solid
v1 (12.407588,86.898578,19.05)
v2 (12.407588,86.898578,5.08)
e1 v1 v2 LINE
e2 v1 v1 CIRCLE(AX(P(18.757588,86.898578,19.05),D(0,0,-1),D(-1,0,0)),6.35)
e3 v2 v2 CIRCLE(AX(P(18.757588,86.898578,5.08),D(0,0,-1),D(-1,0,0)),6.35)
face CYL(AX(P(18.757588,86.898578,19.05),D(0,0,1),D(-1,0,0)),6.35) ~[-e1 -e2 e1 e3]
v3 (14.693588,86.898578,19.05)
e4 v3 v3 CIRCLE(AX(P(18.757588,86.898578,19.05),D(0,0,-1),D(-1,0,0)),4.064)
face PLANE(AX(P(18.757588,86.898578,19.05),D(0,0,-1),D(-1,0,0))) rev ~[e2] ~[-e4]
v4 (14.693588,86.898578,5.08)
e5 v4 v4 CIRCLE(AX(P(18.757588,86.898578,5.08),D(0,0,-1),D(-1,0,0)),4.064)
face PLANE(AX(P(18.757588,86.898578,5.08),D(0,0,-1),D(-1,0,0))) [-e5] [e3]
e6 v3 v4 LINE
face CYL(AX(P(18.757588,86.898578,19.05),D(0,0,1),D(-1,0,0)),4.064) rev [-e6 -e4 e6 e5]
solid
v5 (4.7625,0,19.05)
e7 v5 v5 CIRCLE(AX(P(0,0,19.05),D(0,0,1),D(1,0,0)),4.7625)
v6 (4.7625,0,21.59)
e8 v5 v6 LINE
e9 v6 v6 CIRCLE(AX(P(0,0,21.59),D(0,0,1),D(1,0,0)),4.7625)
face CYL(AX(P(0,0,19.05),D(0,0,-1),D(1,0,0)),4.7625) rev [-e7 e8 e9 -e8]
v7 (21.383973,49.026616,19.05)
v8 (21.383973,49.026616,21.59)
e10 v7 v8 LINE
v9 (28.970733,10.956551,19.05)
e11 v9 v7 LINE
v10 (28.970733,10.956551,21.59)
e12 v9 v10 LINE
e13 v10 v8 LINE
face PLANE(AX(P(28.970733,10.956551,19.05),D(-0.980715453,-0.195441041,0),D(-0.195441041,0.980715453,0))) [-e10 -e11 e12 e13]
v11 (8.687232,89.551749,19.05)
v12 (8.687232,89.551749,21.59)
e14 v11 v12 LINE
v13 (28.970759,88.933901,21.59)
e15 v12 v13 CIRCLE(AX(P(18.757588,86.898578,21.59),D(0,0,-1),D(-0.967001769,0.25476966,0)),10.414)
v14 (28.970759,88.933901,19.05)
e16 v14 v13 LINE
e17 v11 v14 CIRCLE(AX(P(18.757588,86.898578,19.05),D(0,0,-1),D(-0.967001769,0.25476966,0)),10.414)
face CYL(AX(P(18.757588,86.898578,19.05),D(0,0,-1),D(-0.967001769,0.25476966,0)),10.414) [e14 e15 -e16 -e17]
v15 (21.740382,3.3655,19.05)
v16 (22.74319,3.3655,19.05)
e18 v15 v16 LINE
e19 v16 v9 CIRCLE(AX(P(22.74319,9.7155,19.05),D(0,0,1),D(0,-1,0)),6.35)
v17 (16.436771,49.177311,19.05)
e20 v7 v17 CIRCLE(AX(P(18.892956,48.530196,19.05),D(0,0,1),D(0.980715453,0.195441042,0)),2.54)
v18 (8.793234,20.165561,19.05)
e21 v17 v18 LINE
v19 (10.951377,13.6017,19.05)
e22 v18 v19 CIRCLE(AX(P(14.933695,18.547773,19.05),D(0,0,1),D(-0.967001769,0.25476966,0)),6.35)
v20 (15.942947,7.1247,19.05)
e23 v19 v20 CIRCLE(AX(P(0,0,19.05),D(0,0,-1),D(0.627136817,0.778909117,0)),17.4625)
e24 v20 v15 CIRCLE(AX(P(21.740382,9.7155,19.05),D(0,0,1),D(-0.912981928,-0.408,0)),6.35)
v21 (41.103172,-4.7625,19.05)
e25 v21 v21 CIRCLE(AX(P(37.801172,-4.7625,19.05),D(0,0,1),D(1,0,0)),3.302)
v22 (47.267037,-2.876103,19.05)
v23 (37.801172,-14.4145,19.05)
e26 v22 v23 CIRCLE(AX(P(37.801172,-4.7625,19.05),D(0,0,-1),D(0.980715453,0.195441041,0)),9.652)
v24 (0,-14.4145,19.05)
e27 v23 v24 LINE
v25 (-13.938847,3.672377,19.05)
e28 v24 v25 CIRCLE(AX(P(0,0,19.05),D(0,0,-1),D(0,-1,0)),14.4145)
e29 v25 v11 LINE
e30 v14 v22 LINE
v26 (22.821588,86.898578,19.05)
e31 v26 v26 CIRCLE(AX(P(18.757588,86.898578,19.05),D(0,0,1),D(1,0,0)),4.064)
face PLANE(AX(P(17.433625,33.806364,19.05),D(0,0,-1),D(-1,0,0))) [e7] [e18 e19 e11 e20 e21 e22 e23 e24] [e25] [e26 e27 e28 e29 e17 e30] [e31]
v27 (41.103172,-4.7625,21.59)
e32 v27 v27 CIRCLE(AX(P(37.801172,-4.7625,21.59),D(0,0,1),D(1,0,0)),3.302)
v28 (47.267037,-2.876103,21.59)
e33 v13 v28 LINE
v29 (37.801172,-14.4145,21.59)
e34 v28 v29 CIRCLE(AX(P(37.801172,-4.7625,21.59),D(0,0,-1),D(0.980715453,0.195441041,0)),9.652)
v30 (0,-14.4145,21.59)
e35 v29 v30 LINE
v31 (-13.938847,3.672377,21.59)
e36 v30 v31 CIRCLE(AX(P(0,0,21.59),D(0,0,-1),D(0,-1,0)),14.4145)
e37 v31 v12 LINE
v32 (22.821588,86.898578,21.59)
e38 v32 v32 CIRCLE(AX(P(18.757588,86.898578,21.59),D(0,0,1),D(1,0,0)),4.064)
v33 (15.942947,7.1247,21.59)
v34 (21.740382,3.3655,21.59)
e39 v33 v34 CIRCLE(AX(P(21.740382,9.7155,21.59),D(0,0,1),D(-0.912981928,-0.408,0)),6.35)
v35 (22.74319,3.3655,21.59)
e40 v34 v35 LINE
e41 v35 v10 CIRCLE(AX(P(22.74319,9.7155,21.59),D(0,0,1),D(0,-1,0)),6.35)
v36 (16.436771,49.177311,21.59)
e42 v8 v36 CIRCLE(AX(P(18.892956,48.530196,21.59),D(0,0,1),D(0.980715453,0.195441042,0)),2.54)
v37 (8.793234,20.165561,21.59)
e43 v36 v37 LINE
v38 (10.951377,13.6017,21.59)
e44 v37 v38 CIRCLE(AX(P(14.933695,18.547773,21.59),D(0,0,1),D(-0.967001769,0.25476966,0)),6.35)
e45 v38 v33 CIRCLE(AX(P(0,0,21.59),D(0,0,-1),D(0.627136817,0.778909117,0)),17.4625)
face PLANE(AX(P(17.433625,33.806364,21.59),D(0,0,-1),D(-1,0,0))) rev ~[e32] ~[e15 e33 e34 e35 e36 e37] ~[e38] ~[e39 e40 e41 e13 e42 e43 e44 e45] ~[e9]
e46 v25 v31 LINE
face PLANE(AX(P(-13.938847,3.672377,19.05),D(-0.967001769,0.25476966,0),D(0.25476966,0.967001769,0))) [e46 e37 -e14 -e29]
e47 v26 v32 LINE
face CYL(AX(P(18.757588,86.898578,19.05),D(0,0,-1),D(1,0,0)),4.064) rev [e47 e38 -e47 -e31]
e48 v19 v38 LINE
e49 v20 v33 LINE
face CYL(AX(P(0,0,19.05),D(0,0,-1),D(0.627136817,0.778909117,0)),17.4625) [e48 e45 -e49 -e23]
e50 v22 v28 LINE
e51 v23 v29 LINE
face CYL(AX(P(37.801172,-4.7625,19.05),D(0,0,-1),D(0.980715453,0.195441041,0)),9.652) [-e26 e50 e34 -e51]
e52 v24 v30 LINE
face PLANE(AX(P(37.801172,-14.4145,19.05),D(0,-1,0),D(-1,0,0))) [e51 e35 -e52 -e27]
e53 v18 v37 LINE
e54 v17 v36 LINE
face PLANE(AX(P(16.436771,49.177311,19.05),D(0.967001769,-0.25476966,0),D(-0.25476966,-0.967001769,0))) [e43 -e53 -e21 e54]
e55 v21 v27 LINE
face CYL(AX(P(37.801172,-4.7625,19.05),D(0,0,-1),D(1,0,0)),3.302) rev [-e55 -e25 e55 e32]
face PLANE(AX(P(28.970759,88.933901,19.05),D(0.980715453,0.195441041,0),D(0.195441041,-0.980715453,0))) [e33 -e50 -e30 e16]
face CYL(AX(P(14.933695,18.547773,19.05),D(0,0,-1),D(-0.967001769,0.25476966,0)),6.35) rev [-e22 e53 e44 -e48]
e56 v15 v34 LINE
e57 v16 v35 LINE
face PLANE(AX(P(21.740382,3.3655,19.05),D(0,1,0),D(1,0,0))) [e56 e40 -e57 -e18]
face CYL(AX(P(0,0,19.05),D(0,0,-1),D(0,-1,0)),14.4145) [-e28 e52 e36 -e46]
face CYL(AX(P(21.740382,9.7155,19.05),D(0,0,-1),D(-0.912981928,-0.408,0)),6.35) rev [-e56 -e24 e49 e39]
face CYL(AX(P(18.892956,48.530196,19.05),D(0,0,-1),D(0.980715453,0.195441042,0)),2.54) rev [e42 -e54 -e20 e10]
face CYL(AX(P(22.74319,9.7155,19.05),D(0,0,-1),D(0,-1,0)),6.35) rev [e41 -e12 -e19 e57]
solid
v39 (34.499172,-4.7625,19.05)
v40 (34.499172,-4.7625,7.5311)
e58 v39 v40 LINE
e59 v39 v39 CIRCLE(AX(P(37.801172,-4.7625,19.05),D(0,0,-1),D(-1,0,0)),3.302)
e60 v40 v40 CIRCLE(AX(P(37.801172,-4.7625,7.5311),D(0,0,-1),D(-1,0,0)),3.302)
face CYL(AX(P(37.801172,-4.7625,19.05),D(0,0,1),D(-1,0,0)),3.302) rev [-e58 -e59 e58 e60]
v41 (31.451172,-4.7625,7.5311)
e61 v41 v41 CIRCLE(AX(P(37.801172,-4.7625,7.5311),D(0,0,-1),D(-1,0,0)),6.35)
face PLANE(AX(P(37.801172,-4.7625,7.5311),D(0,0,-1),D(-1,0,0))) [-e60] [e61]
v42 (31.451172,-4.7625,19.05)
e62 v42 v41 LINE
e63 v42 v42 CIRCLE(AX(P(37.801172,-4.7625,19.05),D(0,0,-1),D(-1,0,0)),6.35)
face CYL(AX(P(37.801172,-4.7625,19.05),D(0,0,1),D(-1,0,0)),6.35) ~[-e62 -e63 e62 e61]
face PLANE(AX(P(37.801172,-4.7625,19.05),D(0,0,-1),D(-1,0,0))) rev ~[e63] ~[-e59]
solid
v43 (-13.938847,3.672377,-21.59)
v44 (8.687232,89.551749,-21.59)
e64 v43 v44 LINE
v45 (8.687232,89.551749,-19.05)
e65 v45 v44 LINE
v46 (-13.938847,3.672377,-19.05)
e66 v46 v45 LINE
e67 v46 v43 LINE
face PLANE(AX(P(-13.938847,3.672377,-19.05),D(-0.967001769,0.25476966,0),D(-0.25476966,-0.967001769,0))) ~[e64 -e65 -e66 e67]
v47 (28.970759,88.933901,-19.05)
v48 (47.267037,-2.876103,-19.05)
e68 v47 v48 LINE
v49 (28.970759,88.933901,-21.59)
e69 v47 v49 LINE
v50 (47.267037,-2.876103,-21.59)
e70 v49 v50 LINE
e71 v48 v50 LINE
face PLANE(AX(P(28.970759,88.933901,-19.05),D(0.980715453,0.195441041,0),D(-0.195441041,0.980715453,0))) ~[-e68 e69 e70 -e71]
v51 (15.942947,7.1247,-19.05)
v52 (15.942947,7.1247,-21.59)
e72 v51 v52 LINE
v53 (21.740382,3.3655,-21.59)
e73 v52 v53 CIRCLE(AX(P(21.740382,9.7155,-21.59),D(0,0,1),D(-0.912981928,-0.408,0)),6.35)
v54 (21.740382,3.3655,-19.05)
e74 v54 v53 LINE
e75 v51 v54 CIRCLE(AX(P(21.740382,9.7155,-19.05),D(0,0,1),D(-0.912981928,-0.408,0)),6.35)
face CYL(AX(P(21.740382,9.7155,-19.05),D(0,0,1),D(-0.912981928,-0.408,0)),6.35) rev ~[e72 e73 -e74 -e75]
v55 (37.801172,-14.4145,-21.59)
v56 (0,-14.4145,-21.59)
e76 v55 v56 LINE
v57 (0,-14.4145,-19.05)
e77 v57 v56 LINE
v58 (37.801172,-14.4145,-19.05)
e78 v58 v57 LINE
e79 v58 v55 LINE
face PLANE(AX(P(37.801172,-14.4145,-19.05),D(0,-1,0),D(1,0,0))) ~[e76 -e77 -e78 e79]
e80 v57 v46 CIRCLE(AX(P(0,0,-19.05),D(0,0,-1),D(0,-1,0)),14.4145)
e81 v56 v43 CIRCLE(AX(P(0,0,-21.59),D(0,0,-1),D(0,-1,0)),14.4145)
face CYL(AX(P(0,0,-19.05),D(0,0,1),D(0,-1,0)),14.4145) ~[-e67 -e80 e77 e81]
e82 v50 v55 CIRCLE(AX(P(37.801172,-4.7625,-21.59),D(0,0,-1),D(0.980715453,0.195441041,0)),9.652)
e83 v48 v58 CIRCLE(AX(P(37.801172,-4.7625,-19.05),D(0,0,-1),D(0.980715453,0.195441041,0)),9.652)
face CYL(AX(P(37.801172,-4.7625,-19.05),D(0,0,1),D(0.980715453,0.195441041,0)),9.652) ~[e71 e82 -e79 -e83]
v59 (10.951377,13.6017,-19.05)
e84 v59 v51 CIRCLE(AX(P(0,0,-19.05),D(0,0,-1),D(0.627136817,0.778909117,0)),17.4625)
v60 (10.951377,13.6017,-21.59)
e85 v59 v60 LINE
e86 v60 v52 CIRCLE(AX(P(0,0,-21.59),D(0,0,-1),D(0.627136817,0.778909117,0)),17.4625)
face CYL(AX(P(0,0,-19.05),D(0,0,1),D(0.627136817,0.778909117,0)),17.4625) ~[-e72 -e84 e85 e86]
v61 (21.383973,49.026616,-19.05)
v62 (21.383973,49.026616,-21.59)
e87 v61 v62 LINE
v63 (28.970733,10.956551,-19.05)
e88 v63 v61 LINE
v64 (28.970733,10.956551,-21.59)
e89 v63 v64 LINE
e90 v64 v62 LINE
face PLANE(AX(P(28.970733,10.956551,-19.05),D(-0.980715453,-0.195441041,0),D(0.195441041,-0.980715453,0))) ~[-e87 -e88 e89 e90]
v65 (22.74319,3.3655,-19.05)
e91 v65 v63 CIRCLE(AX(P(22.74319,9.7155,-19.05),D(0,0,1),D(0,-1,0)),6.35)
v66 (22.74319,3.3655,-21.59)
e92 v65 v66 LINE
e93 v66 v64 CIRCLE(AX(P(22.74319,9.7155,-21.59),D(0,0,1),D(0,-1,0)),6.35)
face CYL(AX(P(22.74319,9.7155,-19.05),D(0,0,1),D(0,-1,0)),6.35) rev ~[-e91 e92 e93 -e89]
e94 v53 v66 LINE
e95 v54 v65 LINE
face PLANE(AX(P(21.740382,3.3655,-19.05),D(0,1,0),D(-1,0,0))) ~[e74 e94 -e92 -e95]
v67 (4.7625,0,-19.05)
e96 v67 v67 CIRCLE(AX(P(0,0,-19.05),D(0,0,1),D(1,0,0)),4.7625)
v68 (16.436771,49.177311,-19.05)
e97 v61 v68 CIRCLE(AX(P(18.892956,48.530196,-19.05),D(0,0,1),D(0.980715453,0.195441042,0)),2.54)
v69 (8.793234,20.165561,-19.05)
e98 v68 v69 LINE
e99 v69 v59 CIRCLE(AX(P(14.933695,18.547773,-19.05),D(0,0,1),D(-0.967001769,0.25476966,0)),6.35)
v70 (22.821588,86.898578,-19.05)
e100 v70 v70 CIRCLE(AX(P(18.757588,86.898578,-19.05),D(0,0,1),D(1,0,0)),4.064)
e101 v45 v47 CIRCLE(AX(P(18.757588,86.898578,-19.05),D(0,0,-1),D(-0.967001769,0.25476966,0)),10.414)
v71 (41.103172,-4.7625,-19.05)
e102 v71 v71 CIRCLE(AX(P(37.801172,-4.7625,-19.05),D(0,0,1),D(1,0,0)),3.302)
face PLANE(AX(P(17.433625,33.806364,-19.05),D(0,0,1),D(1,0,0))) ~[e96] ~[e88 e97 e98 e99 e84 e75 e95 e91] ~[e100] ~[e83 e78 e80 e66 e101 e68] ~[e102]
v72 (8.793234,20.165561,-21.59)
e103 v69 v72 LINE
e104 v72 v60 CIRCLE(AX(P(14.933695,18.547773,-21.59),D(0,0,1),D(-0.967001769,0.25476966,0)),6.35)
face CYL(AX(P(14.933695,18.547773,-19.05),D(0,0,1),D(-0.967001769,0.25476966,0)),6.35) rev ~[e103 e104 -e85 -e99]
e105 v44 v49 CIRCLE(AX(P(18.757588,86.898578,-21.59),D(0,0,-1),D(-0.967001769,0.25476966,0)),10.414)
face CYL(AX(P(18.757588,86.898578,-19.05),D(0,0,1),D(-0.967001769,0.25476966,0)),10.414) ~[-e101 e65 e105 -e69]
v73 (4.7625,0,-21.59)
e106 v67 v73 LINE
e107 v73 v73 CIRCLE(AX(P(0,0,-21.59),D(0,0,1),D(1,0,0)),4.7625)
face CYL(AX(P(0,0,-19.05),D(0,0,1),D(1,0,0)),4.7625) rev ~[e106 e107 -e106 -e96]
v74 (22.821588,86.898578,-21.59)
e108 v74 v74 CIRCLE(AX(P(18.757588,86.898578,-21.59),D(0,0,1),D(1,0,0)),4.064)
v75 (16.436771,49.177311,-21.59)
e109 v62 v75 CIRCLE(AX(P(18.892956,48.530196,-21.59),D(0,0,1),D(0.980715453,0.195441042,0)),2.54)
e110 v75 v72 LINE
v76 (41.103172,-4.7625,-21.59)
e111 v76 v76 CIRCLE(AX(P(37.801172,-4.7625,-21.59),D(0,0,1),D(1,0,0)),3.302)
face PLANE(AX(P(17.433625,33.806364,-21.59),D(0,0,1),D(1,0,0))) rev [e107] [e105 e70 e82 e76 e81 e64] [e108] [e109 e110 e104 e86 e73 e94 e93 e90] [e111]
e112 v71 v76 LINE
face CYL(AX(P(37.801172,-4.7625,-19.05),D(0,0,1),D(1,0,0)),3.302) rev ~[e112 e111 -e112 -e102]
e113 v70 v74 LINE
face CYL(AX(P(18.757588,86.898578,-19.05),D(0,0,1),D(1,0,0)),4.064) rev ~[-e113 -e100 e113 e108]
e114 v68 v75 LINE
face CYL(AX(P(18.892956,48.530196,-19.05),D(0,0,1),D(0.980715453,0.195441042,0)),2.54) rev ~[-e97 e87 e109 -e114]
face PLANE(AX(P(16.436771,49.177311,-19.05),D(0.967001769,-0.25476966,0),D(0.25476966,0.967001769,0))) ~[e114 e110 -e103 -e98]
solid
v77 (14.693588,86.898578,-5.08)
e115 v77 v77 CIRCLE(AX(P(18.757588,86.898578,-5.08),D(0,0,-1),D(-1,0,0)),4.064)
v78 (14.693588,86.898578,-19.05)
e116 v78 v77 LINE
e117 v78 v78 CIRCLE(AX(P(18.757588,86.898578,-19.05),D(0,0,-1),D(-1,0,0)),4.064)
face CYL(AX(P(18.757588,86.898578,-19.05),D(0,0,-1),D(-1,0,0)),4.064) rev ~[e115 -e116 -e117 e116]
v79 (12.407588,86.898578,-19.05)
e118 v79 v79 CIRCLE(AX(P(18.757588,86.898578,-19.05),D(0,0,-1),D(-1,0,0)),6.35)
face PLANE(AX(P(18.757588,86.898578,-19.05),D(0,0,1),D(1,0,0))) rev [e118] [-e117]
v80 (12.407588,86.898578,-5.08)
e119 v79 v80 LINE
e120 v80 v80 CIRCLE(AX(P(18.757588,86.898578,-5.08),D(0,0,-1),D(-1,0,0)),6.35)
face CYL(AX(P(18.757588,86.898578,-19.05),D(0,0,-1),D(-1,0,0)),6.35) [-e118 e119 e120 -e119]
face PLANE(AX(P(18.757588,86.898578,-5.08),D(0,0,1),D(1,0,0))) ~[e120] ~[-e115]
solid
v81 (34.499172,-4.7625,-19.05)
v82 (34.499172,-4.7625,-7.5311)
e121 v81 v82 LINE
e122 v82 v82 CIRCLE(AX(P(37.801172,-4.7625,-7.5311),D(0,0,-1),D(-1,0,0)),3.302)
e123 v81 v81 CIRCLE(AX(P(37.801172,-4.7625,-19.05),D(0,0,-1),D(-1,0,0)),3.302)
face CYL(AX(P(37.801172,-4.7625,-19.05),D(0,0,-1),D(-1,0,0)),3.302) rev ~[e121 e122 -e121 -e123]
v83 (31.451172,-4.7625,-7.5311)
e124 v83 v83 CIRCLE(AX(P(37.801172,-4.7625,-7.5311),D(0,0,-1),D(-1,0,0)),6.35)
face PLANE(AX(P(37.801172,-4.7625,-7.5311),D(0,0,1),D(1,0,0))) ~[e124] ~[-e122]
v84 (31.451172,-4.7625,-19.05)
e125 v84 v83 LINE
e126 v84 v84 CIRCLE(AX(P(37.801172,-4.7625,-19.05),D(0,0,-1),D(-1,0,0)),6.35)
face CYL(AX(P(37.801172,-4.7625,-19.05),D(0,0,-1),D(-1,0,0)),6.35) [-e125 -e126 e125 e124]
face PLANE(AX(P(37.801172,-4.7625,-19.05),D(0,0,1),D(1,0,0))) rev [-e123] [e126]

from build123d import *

# Parameters (mm, degrees)
BELLCRANK_START       = 19.05
SKETCH4_R             = 4.064
SKETCH4_R_2           = 3.302
SKETCH4_R_3           = 4.7625
BELLCRANK_PLATE_DEPTH = 2.54
SKETCH5_R             = 6.35
SKETCH5_R_2           = 3.302
PULL_ROD_WASHER_DEPTH = 11.5189
SKETCH6_R             = 6.35
SKETCH6_R_2           = 4.064
DAMPER_WASHER_DEPTH   = 13.97


with BuildPart() as part:
    # Sketch4 → Bellcrank Plate (new body)
    with BuildSketch(Plane.XY.offset(BELLCRANK_START)):
        with BuildLine():
            Line((-13.938846994, 3.672377258), (8.687231987, 89.551749343))
            ThreePointArc((8.687231987, 89.551749343), (19.074657941, 97.307750165), (28.970759131, 88.933901114))
            Line((28.970759131, 88.933901114), (47.267037407, -2.876103068))
            ThreePointArc((47.267037407, -2.876103068), (45.263363465, -10.884329825), (37.801171857, -14.4145))
            Line((37.801171857, -14.4145), (0, -14.4145))
            ThreePointArc((0, -14.4145), (-11.417383506, -8.798929715), (-13.938846994, 3.672377258))
        make_face()
        with Locations((18.757588406, 86.898578108)):
            Circle(SKETCH4_R, mode=Mode.SUBTRACT)
        with Locations((37.801171857, -4.7625)):
            Circle(SKETCH4_R_2, mode=Mode.SUBTRACT)
        Circle(SKETCH4_R_3, mode=Mode.SUBTRACT)
        with BuildLine():
            Line((16.436771041, 49.177310547), (8.793234212, 20.1655607))
            ThreePointArc((8.793234212, 20.1655607), (8.901387915, 16.564401008), (10.951376658, 13.601700465))
            ThreePointArc((10.951376658, 13.601700465), (13.831632, 10.659496351), (15.94294691, 7.1247))
            ThreePointArc((15.94294691, 7.1247), (18.28560864, 4.387551051), (21.740382149, 3.3655))
            Line((21.740382149, 3.3655), (22.743190098, 3.3655))
            ThreePointArc((22.743190098, 3.3655), (27.652526682, 5.687980378), (28.970733223, 10.956550613))
            Line((28.970733223, 10.956550613), (21.383972784, 49.026615857))
            ThreePointArc((21.383972784, 49.026615857), (18.970289567, 51.069018064), (16.436771041, 49.177310547))
        make_face(mode=Mode.SUBTRACT)
    extrude(amount=BELLCRANK_PLATE_DEPTH)


with BuildPart() as body_2:
    # Sketch5 → Pull Rod Washer (new body)
    with BuildSketch(Plane(origin=(0, 0, 19.05), x_dir=(-1, 0, 0), z_dir=(0, 0, -1))):
        with Locations((-37.801171857, -4.7625)):
            Circle(SKETCH5_R)
        with Locations((-37.801171857, -4.7625)):
            Circle(SKETCH5_R_2, mode=Mode.SUBTRACT)
    extrude(amount=PULL_ROD_WASHER_DEPTH)


with BuildPart() as body_3:
    # Sketch6 → Damper Washer (new body)
    with BuildSketch(Plane(origin=(0, 0, 19.05), x_dir=(-1, 0, 0), z_dir=(0, 0, -1))):
        with Locations((-18.757588406, 86.898578108)):
            Circle(SKETCH6_R)
        with Locations((-18.757588406, 86.898578108)):
            Circle(SKETCH6_R_2, mode=Mode.SUBTRACT)
    extrude(amount=DAMPER_WASHER_DEPTH)


with BuildPart() as body_4:
    # Bellcrank Mirror: mirrored copy
    add(part.part.mirror(Plane.XY))


with BuildPart() as body_5:
    # Bellcrank Mirror 2: mirrored copy
    add(body_2.part.mirror(Plane.XY))


with BuildPart() as body_6:
    # Bellcrank Mirror 3: mirrored copy
    add(body_3.part.mirror(Plane.XY))


solid = Compound([part.part, body_2.part, body_3.part, body_4.part, body_5.part, body_6.part])
